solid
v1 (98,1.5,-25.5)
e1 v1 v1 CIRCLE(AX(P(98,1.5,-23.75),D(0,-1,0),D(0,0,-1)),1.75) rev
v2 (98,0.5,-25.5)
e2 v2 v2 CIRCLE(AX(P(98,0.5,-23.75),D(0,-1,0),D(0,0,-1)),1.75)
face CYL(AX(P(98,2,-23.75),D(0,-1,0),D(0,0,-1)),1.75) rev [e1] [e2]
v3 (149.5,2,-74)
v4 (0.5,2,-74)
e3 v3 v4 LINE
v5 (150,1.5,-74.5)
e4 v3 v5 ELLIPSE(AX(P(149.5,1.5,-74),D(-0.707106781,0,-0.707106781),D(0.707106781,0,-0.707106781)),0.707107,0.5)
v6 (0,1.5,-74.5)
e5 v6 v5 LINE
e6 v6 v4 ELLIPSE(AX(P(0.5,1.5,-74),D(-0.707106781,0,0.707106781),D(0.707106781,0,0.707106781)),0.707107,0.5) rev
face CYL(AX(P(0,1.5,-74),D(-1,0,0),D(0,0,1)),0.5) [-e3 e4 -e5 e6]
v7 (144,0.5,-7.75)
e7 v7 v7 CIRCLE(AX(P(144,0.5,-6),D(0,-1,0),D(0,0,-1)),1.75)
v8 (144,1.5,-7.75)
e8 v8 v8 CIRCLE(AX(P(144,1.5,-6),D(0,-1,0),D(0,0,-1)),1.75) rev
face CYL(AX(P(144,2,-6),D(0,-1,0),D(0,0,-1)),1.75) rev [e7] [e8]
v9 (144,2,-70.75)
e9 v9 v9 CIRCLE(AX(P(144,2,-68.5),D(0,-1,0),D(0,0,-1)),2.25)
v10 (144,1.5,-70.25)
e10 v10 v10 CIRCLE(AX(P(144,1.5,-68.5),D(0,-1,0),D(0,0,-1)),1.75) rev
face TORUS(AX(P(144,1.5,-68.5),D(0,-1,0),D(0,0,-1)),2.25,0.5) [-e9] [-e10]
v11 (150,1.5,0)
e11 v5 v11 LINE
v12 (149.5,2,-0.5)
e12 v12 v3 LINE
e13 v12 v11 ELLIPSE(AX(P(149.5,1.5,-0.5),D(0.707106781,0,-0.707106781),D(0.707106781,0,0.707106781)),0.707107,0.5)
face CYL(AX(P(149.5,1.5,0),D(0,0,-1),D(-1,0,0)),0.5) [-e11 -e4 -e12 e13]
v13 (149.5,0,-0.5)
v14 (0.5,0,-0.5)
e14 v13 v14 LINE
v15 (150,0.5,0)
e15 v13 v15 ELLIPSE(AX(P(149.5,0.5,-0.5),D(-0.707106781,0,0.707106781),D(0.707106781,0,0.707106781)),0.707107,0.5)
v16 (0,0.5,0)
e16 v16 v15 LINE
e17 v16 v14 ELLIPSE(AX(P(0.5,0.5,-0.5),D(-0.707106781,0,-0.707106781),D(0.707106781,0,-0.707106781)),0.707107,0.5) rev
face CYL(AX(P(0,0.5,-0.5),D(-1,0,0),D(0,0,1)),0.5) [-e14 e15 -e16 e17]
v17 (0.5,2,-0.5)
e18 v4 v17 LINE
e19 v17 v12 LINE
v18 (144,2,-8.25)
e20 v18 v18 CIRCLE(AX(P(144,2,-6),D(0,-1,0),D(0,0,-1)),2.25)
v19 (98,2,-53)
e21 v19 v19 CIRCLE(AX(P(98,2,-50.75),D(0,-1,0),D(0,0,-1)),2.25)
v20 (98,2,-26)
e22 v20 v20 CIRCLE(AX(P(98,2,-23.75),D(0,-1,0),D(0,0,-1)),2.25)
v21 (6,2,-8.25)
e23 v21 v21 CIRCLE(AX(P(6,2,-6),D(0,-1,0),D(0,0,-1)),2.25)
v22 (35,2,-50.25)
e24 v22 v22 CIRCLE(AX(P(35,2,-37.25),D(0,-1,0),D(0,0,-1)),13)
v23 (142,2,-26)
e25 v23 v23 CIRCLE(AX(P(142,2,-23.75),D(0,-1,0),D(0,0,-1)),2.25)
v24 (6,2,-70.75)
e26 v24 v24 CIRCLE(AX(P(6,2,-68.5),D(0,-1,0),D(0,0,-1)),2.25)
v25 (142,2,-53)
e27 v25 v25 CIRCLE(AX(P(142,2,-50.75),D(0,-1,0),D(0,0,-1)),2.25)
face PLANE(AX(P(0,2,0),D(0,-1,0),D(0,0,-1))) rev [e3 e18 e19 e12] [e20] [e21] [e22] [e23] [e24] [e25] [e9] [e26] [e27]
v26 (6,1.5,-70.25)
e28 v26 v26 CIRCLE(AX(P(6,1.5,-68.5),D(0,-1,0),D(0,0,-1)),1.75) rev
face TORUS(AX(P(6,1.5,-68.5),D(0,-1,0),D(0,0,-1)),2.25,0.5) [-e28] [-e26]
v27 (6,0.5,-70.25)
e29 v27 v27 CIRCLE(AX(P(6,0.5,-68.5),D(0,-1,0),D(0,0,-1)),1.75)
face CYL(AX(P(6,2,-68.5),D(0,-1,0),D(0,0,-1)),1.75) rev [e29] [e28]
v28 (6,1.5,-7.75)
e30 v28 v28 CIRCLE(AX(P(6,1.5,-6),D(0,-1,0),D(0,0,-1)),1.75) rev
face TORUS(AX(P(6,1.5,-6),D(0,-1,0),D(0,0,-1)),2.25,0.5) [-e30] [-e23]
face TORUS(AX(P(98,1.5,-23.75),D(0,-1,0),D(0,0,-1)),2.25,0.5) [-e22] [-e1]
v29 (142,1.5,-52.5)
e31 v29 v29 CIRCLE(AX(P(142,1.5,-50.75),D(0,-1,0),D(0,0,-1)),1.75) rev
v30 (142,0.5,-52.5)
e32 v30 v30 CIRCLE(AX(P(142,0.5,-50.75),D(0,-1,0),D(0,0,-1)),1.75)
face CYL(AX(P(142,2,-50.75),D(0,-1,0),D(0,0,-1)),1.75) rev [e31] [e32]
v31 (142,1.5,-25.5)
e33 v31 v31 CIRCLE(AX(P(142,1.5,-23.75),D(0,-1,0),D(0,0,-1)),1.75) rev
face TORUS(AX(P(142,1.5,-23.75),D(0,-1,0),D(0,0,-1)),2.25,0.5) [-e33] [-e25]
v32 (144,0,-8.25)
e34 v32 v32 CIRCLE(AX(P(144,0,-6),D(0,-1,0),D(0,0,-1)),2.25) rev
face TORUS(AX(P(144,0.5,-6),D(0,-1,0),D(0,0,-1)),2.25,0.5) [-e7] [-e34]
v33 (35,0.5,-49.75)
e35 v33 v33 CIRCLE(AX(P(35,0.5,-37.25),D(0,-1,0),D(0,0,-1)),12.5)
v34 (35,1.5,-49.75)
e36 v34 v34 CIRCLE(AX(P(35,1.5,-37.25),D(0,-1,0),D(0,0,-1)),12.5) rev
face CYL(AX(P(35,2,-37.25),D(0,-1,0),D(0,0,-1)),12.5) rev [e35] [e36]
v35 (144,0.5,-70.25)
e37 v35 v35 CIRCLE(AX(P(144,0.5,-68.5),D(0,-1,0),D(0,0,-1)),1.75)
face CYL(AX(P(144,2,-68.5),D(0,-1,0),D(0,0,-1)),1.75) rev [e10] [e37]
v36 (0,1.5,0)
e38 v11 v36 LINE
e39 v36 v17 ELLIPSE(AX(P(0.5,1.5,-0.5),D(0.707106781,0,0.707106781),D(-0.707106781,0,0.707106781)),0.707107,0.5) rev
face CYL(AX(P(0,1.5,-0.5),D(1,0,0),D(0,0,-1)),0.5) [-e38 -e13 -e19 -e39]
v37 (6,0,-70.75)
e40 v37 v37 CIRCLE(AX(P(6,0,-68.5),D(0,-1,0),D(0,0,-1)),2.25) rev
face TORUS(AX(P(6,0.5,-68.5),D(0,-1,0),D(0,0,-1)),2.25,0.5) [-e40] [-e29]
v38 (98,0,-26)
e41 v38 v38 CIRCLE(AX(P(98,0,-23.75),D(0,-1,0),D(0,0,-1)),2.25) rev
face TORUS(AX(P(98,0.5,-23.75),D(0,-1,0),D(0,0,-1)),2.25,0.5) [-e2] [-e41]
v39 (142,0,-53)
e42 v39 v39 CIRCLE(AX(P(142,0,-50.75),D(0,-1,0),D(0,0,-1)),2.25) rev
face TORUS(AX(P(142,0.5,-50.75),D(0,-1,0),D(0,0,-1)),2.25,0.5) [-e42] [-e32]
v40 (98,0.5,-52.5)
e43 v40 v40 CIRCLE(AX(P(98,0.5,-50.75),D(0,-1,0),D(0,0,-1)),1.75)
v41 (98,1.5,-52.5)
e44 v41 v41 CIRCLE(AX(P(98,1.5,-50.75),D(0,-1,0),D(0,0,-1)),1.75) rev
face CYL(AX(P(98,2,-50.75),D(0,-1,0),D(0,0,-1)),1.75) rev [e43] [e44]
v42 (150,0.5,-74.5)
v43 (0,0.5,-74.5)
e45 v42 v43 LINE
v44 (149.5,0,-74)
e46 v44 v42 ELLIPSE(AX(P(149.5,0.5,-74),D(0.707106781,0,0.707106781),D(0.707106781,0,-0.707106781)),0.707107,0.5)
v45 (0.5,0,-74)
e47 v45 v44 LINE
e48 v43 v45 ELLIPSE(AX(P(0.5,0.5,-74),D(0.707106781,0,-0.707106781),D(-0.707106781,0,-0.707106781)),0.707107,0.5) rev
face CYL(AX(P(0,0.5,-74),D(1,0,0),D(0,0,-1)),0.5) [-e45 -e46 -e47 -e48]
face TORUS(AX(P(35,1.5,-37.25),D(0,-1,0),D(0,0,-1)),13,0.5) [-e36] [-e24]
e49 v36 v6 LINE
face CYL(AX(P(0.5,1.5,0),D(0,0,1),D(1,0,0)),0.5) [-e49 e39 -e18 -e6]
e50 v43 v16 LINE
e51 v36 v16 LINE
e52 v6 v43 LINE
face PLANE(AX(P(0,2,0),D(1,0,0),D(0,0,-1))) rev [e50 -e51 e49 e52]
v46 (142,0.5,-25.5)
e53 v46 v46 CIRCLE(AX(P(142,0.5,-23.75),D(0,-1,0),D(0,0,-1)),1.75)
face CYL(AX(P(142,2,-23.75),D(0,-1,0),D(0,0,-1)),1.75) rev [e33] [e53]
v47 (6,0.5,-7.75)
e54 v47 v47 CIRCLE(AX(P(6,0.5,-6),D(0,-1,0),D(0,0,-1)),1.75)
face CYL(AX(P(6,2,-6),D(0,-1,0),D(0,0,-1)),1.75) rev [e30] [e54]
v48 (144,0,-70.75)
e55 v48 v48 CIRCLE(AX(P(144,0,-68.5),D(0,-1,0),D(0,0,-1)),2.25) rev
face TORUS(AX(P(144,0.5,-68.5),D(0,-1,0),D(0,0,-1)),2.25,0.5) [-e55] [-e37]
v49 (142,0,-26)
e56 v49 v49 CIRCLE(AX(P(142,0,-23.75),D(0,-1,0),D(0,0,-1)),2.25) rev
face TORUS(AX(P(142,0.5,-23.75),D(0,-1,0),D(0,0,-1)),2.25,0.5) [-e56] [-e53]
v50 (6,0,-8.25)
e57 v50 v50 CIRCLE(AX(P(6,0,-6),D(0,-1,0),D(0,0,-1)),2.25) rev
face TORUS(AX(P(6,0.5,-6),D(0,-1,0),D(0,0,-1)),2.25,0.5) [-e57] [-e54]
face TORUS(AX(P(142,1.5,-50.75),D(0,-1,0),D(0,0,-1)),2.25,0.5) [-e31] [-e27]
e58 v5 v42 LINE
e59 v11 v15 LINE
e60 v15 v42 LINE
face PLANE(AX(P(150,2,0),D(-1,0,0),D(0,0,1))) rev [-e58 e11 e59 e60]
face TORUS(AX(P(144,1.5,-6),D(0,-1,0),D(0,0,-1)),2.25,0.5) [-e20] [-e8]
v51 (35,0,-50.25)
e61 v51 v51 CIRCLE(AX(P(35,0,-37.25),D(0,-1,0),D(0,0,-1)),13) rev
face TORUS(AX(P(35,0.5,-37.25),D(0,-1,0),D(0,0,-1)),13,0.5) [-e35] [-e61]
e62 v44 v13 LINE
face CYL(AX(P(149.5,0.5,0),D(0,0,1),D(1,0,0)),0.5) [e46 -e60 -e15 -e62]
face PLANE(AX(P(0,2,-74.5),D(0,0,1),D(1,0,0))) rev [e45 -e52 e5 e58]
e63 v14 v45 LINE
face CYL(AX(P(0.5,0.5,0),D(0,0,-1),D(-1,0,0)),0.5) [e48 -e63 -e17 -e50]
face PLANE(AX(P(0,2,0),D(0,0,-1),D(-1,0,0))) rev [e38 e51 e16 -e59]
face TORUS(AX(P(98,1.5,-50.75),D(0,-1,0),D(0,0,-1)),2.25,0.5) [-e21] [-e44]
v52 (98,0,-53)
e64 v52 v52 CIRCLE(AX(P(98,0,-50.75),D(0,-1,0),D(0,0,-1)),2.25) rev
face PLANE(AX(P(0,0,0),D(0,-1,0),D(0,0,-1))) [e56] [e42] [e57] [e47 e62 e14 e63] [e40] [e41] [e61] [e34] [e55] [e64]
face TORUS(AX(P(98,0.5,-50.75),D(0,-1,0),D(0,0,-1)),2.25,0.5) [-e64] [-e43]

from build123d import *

# Parameters (mm, degrees)
SKETCH1_W           = 150
SKETCH1_H           = 74.5
SKETCH1_R           = 1.75
SKETCH1_R_2         = 12.5
BOSS_EXTRUDE1_DEPTH = 2
FILLET1_R           = 0.5


with BuildPart() as part:
    # Sketch1 → Boss-Extrude1 (new body)
    with BuildSketch(Plane(origin=(0, 0, 0), x_dir=(1, 0, 0), z_dir=(0, 1, 0))):
        with Locations((75, 37.25)):
            Rectangle(SKETCH1_W, SKETCH1_H)
        with Locations(Location((144, 6, 0), (0, 0, 270))):
            Circle(SKETCH1_R, mode=Mode.SUBTRACT)
        with Locations(Location((144, 68.5, 0), (0, 0, 270))):
            Circle(SKETCH1_R, mode=Mode.SUBTRACT)
        with Locations(Location((35, 37.25, 0), (0, 0, 270))):
            Circle(SKETCH1_R_2, mode=Mode.SUBTRACT)
        with Locations(Location((6, 68.5, 0), (0, 0, 270))):
            Circle(SKETCH1_R, mode=Mode.SUBTRACT)
        with Locations(Location((6, 6, 0), (0, 0, 270))):
            Circle(SKETCH1_R, mode=Mode.SUBTRACT)
        with Locations(Location((98, 50.75, 0), (0, 0, 270))):
            Circle(SKETCH1_R, mode=Mode.SUBTRACT)
        with Locations(Location((142, 50.75, 0), (0, 0, 270))):
            Circle(SKETCH1_R, mode=Mode.SUBTRACT)
        with Locations(Location((142, 23.75, 0), (0, 0, 270))):
            Circle(SKETCH1_R, mode=Mode.SUBTRACT)
        with Locations(Location((98, 23.75, 0), (0, 0, 270))):
            Circle(SKETCH1_R, mode=Mode.SUBTRACT)
    extrude(amount=BOSS_EXTRUDE1_DEPTH)

    # Fillet1
    fillet1_edges = [part.edges().sort_by_distance(p)[0] for p in [
        (144, 0, -7.75),
        (144, 2, -7.75),
        (150, 2, -37.25),
        (144, 0, -70.25),
        (144, 2, -70.25),
        (75, 2, -74.5),
        (35, 0, -49.75),
        (35, 2, -49.75),
        (6, 0, -70.25),
        (6, 2, -70.25),
        (6, 0, -7.75),
        (6, 2, -7.75),
        (98, 0, -52.5),
        (98, 2, -52.5),
        (142, 0, -52.5),
        (142, 2, -52.5),
        (142, 0, -25.5),
        (142, 2, -25.5),
        (98, 0, -25.5),
        (98, 2, -25.5),
        (0, 2, -37.25),
        (75, 0, -74.5),
        (150, 0, -37.25),
        (75, 0, 0),
        (0, 0, -37.25),
        (75, 2, 0),
    ]]
    fillet(fillet1_edges, radius=FILLET1_R)


solid = part.part
